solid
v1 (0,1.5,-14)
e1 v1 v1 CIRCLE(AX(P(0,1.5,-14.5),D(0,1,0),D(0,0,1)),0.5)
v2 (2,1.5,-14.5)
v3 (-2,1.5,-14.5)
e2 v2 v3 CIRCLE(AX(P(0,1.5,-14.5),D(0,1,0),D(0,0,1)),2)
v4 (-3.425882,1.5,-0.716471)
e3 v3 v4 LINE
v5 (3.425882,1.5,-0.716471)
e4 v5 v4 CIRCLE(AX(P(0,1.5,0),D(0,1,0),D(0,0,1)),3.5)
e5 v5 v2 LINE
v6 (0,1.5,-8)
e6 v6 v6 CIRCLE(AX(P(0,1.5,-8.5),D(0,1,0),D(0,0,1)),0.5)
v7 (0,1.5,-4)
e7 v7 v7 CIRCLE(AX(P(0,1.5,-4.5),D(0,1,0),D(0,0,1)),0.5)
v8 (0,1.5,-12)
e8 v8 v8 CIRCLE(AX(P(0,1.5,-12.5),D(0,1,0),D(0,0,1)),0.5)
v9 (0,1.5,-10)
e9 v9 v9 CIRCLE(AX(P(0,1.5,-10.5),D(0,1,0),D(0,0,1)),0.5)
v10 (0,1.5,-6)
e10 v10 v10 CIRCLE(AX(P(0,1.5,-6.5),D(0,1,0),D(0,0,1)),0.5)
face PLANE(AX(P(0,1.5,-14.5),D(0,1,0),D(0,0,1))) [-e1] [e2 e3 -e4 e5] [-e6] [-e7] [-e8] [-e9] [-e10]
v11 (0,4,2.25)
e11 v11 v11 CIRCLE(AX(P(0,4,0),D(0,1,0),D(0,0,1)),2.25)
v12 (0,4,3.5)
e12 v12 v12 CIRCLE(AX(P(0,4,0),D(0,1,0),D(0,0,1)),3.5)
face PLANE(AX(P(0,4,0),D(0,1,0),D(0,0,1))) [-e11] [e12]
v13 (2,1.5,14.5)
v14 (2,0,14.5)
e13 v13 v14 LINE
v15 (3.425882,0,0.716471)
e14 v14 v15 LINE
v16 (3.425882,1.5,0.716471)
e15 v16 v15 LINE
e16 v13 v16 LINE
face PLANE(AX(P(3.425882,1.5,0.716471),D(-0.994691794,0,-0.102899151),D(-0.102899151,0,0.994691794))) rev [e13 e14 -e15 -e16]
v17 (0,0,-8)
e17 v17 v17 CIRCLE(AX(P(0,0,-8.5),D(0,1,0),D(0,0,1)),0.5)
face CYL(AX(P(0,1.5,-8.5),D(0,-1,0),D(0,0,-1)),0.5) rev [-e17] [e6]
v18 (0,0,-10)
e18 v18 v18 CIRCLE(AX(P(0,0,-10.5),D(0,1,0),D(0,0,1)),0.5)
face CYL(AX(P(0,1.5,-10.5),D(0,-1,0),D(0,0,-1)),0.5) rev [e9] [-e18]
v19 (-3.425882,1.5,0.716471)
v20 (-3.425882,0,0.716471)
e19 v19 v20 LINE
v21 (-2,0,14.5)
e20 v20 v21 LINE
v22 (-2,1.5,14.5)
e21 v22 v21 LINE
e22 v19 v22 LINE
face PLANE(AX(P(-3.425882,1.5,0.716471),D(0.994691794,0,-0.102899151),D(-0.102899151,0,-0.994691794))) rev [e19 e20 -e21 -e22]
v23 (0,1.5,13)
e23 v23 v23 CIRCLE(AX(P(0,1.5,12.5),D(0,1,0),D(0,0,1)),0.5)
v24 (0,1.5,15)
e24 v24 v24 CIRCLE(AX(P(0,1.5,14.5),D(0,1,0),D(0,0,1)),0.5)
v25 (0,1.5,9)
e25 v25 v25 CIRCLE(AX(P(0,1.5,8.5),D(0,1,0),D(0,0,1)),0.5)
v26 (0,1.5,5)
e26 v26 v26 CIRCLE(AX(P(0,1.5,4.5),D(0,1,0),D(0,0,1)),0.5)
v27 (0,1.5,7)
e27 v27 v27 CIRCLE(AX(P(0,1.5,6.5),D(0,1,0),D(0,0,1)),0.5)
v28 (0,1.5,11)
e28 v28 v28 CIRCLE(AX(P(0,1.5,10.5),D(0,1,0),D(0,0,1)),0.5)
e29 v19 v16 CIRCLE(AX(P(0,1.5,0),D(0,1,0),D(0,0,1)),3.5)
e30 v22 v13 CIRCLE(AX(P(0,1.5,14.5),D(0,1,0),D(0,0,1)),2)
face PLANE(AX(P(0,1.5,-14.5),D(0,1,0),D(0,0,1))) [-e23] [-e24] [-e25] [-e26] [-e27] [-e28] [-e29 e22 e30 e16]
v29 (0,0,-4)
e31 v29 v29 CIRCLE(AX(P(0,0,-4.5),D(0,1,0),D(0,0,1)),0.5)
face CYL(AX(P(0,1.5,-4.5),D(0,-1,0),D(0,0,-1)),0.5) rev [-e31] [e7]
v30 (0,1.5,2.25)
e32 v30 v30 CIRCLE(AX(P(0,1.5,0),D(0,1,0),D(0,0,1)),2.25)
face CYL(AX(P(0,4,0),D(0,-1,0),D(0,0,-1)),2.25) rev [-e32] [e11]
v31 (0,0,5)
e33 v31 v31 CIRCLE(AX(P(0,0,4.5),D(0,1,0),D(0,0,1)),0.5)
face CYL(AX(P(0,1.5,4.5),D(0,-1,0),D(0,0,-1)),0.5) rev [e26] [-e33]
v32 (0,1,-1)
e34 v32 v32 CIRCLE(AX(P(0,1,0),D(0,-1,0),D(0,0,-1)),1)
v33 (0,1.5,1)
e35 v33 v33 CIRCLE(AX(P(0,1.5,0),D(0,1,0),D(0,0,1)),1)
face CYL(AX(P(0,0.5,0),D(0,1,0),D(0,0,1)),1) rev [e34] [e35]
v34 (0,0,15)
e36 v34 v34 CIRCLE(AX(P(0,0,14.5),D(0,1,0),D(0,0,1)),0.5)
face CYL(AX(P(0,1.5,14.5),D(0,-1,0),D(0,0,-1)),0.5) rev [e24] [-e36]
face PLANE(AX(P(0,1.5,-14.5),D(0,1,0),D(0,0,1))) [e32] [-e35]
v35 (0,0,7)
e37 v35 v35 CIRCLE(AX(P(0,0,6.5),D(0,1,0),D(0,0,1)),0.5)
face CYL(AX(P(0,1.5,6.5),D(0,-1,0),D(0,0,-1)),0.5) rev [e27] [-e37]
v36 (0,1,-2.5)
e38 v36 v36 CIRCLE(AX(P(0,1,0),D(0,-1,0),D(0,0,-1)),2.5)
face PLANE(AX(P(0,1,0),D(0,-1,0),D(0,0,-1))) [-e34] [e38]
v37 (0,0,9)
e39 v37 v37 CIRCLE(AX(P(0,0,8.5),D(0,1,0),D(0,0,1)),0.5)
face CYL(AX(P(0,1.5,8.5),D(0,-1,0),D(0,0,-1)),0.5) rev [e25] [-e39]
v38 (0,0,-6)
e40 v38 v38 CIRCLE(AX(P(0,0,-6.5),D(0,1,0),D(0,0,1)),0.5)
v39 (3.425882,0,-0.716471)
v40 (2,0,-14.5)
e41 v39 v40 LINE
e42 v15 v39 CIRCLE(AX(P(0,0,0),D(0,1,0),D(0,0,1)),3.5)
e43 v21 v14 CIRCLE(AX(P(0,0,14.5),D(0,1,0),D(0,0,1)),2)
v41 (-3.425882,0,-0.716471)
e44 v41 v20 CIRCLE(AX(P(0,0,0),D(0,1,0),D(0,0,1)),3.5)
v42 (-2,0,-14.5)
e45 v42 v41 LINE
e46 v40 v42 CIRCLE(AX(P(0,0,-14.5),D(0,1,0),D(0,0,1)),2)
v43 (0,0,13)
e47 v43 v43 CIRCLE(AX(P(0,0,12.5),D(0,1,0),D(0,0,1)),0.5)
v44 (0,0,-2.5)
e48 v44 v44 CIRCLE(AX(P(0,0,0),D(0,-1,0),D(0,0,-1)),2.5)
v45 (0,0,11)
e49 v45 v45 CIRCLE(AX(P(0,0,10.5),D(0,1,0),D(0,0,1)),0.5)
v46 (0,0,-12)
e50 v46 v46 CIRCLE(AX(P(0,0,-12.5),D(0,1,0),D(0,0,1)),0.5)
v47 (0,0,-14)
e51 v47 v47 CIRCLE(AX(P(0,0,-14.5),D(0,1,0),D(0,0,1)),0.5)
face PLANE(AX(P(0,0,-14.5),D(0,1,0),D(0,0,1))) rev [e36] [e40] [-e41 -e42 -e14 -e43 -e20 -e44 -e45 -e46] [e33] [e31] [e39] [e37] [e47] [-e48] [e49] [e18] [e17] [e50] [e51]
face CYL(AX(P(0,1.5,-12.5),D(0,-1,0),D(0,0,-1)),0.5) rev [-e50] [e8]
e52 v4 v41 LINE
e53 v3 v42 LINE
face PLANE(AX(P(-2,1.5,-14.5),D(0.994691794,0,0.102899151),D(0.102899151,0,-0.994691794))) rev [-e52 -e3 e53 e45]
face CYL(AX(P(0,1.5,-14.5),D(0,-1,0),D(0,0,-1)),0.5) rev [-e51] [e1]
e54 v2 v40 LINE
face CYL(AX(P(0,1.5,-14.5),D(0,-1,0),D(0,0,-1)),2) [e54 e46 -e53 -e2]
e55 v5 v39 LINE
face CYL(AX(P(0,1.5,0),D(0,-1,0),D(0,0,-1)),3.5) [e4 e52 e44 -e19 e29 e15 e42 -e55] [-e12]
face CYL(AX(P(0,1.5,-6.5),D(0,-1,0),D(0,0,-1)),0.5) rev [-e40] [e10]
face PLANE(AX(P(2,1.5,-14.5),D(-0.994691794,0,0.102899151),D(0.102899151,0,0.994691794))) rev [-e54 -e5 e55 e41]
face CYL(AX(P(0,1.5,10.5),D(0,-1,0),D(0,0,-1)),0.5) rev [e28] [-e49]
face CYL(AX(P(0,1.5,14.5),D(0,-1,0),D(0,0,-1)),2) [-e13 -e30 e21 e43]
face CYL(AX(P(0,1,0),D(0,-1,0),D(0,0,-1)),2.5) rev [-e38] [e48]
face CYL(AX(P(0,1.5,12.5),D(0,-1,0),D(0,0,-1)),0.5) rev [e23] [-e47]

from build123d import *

# Parameters (mm, degrees)
CROQUIS1_R              = 0.5
SALIENTE_EXTRUIR1_DEPTH = 1.5
CROQUIS2_R              = 3.5
CROQUIS2_R_2            = 2.25
SALIENTE_EXTRUIR2_DEPTH = 2.5
CROQUIS3_R              = 2.5
CORTAR_EXTRUIR1_DEPTH   = 1
CROQUIS4_R              = 1
CORTAR_EXTRUIR2_DEPTH   = 1


with BuildPart() as part:
    # Croquis1 → Saliente-Extruir1 (new body)
    with BuildSketch(Plane(origin=(0, 0, 0), x_dir=(1, 0, 0), z_dir=(0, 1, 0))):
        with BuildLine():
            Line((-3.425882353, -0.716470588), (-2, -14.5))
            ThreePointArc((-2, -14.5), (0, -16.5), (2, -14.5))
            Line((2, -14.5), (3.425882353, -0.716470588))
            ThreePointArc((3.425882353, -0.716470588), (3.5, 0), (3.425882353, 0.716470588))
            Line((3.425882353, 0.716470588), (2, 14.5))
            ThreePointArc((2, 14.5), (0, 16.5), (-2, 14.5))
            Line((-2, 14.5), (-3.425882353, 0.716470588))
            ThreePointArc((-3.425882353, 0.716470588), (-3.5, 0), (-3.425882353, -0.716470588))
        make_face()
        with Locations(Location((0, -14.5, 0), (0, 0, 270))):
            Circle(CROQUIS1_R, mode=Mode.SUBTRACT)
        with Locations(Location((0, -12.5, 0), (0, 0, 270))):
            Circle(CROQUIS1_R, mode=Mode.SUBTRACT)
        with Locations(Location((0, -10.5, 0), (0, 0, 270))):
            Circle(CROQUIS1_R, mode=Mode.SUBTRACT)
        with Locations(Location((0, -8.5, 0), (0, 0, 270))):
            Circle(CROQUIS1_R, mode=Mode.SUBTRACT)
        with Locations(Location((0, -6.5, 0), (0, 0, 270))):
            Circle(CROQUIS1_R, mode=Mode.SUBTRACT)
        with Locations(Location((0, -4.5, 0), (0, 0, 270))):
            Circle(CROQUIS1_R, mode=Mode.SUBTRACT)
        with Locations(Location((0, 14.5, 0), (0, 0, 270))):
            Circle(CROQUIS1_R, mode=Mode.SUBTRACT)
        with Locations(Location((0, 12.5, 0), (0, 0, 270))):
            Circle(CROQUIS1_R, mode=Mode.SUBTRACT)
        with Locations(Location((0, 10.5, 0), (0, 0, 270))):
            Circle(CROQUIS1_R, mode=Mode.SUBTRACT)
        with Locations(Location((0, 8.5, 0), (0, 0, 270))):
            Circle(CROQUIS1_R, mode=Mode.SUBTRACT)
        with Locations(Location((0, 6.5, 0), (0, 0, 270))):
            Circle(CROQUIS1_R, mode=Mode.SUBTRACT)
        with Locations(Location((0, 4.5, 0), (0, 0, 270))):
            Circle(CROQUIS1_R, mode=Mode.SUBTRACT)
    extrude(amount=SALIENTE_EXTRUIR1_DEPTH)

    # Croquis2 → Saliente-Extruir2 (add)
    with BuildSketch(Plane(origin=(0, 1.5, 0), x_dir=(1, 0, 0), z_dir=(0, 1, 0))):
        with Locations(Location((0, 0, 0), (0, 0, 11.812282228))):
            Circle(CROQUIS2_R)
        with Locations(Location((0, 0, 0), (0, 0, 270))):
            Circle(CROQUIS2_R_2, mode=Mode.SUBTRACT)
    extrude(amount=SALIENTE_EXTRUIR2_DEPTH)

    # Croquis3 → Cortar-Extruir1 (cut)
    with BuildSketch(Plane.XZ):
        with Locations(Location((0, 0, 0), (0, 0, 270))):
            Circle(CROQUIS3_R)
    extrude(amount=-CORTAR_EXTRUIR1_DEPTH, mode=Mode.SUBTRACT)

    # Croquis4 → Cortar-Extruir2 (cut)
    with BuildSketch(Plane(origin=(0, 1.5, 0), x_dir=(1, 0, 0), z_dir=(0, 1, 0))):
        with Locations(Location((0, 0, 0), (0, 0, 270))):
            Circle(CROQUIS4_R)
    extrude(amount=-CORTAR_EXTRUIR2_DEPTH, mode=Mode.SUBTRACT)


solid = part.part
